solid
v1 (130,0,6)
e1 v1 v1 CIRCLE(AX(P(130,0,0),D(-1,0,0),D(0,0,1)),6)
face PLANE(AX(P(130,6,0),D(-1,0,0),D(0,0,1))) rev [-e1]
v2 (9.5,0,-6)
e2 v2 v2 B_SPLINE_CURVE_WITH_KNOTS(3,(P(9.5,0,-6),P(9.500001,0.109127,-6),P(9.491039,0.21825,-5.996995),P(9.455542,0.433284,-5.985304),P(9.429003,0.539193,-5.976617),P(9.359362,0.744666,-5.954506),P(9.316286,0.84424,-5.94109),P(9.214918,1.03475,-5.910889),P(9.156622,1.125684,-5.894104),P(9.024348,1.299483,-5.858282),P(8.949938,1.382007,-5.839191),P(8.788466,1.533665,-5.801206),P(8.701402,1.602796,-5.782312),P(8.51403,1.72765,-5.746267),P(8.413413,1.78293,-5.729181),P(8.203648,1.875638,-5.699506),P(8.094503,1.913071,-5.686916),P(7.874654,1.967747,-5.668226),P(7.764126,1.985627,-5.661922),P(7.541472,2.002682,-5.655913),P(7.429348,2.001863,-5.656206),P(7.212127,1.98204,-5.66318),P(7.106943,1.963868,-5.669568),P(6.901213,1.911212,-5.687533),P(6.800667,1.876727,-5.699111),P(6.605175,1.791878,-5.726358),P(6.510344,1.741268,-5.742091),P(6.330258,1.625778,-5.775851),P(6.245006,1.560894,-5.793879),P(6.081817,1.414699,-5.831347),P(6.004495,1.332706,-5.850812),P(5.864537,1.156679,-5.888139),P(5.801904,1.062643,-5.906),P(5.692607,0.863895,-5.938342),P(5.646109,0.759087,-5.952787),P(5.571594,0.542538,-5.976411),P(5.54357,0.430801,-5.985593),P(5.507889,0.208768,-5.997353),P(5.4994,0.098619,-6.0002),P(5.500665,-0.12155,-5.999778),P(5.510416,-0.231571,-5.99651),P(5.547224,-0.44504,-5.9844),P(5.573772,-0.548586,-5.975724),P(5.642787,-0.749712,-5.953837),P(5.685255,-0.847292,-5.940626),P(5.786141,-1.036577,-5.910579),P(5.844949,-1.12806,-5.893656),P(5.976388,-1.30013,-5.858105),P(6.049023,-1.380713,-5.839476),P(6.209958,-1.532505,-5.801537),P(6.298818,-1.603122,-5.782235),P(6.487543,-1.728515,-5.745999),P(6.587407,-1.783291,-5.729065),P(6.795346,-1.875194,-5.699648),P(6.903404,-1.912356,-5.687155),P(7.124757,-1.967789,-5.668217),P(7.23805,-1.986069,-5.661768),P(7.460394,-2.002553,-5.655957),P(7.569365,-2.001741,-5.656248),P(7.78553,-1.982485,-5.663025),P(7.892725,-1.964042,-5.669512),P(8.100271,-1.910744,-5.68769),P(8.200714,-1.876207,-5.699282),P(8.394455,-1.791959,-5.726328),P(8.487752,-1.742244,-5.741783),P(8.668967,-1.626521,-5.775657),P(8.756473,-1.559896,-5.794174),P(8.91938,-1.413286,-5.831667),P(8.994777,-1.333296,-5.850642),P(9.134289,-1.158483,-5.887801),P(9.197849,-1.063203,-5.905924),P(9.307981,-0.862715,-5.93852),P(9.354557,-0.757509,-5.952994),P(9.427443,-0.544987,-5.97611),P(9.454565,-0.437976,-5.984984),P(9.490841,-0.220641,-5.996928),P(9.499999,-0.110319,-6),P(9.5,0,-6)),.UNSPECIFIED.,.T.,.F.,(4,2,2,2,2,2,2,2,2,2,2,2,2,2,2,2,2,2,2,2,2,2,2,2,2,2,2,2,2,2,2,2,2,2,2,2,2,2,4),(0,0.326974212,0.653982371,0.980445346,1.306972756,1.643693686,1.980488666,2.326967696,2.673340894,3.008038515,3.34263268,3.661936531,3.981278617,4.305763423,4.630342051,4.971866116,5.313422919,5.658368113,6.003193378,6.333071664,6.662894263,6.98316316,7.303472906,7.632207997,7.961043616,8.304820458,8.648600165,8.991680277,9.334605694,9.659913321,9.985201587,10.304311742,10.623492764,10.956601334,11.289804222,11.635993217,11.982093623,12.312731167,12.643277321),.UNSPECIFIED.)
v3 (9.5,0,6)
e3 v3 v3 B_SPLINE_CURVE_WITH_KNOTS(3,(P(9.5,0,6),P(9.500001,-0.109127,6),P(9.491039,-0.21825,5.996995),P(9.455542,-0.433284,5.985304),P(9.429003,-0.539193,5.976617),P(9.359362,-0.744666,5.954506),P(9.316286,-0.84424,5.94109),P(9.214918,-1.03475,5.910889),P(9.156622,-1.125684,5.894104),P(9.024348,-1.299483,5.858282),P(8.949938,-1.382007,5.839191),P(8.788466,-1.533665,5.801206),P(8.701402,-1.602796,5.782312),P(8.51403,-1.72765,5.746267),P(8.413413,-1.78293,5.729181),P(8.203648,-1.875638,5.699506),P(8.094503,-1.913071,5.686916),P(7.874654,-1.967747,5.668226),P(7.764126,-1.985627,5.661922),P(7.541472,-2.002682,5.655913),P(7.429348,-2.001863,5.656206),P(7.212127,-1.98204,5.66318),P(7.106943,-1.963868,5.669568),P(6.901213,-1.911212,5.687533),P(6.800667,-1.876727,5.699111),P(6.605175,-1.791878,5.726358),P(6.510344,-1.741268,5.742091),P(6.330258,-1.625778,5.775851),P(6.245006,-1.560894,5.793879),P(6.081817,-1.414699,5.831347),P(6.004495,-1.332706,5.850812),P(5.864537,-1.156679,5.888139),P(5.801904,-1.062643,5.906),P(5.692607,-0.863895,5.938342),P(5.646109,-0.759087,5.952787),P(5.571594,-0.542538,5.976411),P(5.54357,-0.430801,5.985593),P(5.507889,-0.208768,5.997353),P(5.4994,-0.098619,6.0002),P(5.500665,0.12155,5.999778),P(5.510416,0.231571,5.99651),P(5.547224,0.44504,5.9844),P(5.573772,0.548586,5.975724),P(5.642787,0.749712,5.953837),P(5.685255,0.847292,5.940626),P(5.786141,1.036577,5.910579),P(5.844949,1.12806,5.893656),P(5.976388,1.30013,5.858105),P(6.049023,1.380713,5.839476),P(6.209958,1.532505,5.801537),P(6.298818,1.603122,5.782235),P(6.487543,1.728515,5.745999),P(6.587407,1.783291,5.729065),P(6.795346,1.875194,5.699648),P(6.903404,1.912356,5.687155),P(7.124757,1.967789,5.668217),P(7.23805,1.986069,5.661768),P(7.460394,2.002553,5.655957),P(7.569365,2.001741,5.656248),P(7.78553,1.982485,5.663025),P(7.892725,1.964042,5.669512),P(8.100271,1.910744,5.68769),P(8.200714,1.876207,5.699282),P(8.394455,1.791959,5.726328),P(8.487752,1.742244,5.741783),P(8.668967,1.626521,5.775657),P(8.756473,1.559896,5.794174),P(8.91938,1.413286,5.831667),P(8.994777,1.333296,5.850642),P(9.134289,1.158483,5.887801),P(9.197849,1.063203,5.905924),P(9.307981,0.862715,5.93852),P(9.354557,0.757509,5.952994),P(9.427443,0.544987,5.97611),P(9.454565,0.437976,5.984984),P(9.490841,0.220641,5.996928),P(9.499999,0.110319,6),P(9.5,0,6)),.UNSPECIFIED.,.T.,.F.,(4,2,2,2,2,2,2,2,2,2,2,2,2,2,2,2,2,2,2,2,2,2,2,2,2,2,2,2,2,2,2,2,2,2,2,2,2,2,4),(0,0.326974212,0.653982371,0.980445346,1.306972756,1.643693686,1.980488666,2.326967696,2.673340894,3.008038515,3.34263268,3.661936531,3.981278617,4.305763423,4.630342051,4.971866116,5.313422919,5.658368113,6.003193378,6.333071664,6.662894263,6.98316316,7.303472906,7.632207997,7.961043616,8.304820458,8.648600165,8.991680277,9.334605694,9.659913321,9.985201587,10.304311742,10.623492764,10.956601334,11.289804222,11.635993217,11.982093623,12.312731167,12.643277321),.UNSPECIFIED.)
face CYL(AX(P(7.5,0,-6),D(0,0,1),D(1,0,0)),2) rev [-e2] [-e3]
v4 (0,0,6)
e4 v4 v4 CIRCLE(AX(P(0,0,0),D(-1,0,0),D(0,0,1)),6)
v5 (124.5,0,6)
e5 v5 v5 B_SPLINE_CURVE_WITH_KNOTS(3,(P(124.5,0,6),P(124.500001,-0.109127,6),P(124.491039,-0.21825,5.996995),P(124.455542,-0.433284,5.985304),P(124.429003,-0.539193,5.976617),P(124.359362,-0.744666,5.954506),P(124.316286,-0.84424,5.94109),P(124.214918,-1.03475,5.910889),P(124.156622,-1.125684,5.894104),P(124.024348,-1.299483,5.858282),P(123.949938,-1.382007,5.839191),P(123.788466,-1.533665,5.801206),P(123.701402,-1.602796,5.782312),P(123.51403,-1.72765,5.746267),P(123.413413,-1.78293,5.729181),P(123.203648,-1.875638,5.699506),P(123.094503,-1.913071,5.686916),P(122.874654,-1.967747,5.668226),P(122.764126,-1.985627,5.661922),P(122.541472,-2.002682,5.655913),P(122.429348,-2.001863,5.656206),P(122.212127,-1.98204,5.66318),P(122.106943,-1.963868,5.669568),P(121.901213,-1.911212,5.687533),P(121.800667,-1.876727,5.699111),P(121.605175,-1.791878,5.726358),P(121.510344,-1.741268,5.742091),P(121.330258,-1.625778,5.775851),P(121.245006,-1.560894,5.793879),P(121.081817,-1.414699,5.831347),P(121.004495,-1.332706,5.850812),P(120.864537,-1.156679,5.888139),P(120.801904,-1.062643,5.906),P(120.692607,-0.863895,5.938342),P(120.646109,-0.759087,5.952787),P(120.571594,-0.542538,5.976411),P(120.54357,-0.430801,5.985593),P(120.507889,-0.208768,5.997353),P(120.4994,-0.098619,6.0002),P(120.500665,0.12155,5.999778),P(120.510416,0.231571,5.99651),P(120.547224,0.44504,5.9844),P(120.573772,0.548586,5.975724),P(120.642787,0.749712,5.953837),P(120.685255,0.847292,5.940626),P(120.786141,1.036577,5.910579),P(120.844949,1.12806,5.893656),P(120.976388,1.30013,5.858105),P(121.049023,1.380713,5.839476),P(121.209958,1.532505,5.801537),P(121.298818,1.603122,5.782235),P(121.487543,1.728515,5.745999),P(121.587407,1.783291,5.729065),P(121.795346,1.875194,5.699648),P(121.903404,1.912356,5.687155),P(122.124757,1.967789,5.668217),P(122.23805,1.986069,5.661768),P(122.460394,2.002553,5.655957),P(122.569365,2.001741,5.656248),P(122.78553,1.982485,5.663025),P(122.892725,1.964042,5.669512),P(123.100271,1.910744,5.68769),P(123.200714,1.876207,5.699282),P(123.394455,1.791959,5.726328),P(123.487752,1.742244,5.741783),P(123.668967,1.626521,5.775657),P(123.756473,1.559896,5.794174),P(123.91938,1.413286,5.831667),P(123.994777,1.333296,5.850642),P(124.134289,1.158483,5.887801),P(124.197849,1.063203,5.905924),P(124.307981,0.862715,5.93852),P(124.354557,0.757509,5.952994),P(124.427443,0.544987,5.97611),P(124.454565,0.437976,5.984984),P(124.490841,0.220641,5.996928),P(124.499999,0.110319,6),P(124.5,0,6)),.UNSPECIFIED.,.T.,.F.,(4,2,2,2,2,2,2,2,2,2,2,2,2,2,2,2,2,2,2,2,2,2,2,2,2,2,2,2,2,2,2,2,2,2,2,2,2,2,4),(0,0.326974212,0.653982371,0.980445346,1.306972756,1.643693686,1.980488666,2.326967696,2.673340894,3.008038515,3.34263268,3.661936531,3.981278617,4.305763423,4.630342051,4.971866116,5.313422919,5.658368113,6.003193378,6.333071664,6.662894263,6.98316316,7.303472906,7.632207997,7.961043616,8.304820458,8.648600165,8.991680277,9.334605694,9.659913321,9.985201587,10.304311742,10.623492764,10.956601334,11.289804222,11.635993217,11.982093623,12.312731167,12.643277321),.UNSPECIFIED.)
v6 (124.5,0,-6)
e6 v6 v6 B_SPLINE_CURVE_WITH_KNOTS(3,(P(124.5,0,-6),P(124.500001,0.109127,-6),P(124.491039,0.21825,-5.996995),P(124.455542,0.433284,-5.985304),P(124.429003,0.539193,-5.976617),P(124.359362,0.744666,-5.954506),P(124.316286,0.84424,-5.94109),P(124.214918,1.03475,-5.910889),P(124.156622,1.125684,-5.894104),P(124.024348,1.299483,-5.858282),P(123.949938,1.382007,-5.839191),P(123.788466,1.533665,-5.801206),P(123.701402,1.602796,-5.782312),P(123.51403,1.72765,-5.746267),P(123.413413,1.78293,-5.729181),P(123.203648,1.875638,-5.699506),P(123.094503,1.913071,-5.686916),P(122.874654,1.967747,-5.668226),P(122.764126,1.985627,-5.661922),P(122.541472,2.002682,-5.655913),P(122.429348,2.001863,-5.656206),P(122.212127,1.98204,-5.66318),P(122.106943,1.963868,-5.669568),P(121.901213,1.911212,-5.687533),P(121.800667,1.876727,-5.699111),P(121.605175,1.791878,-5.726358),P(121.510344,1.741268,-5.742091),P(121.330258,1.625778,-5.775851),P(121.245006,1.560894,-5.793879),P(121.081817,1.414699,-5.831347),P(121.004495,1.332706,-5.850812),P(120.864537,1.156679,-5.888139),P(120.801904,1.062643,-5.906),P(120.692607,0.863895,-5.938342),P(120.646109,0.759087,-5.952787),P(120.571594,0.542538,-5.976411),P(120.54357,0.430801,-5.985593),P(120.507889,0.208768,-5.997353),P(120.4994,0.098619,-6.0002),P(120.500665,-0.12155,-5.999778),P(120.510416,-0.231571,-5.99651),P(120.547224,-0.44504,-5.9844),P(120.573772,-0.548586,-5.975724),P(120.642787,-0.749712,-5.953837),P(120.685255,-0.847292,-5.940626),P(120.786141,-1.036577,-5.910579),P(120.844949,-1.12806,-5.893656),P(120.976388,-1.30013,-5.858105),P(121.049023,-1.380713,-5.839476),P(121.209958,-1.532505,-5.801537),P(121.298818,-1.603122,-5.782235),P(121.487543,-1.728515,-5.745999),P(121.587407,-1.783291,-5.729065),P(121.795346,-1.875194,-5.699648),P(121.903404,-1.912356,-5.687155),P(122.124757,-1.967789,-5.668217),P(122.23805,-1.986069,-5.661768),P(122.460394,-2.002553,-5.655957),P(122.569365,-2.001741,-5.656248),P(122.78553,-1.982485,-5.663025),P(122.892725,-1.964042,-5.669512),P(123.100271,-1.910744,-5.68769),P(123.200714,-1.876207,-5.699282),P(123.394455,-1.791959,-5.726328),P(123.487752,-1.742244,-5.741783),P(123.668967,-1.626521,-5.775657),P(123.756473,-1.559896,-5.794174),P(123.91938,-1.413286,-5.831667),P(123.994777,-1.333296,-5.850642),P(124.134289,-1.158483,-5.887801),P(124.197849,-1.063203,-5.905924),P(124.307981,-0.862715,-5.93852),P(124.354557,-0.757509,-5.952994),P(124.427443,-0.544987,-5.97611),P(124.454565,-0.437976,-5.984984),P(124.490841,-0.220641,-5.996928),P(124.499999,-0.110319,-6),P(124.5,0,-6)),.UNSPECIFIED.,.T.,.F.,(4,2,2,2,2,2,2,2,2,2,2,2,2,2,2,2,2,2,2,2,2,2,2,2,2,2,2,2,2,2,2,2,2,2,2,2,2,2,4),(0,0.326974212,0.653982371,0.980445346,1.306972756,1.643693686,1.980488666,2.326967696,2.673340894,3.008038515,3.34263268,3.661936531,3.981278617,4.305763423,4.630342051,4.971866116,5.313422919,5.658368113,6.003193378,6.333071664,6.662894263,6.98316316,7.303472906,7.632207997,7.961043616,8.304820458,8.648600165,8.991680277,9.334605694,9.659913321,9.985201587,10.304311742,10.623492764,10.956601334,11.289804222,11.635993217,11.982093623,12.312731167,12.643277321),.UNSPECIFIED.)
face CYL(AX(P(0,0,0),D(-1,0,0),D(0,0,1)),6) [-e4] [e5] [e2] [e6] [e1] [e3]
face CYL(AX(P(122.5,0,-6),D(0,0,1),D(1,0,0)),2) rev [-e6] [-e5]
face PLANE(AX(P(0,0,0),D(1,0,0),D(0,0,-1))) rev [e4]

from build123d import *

# Parameters (mm, degrees)
SKETCH1_W               = 130
SKETCH1_H               = 6
CUT_EXTRUDE6_DEPTH      = 131.276628756
CUT_EXTRUDE6_DEPTH_BACK = 131.276628756
SKETCH2_R               = 2
CUT_EXTRUDE7_DEPTH      = 131.276628865
CUT_EXTRUDE7_DEPTH_BACK = 131.276628865
SKETCH2_7_R             = 2


with BuildPart() as part:
    # Sketch1 → Revolve1 (revolve)
    with BuildSketch(Plane.XY):
        with Locations((65, 3)):
            Rectangle(SKETCH1_W, SKETCH1_H)
    revolve(axis=Axis((0, 0, 0), (1, 0, 0)))

    # Sketch2 → Cut-Extrude6 (cut, two sides: drawn at the far end of the back side and taken through both)
    with BuildSketch(Plane.XY.offset(-CUT_EXTRUDE6_DEPTH_BACK)):
        with Locations((7.5, 0)):
            Circle(SKETCH2_R)
    extrude(amount=CUT_EXTRUDE6_DEPTH + CUT_EXTRUDE6_DEPTH_BACK, mode=Mode.SUBTRACT)

    # Sketch2<7> → Cut-Extrude7 (cut, two sides: drawn at the far end of the back side and taken through both)
    with BuildSketch(Plane.XY.offset(-CUT_EXTRUDE7_DEPTH_BACK)):
        with Locations((122.5, 0)):
            Circle(SKETCH2_7_R)
    extrude(amount=CUT_EXTRUDE7_DEPTH + CUT_EXTRUDE7_DEPTH_BACK, mode=Mode.SUBTRACT)


solid = part.part
